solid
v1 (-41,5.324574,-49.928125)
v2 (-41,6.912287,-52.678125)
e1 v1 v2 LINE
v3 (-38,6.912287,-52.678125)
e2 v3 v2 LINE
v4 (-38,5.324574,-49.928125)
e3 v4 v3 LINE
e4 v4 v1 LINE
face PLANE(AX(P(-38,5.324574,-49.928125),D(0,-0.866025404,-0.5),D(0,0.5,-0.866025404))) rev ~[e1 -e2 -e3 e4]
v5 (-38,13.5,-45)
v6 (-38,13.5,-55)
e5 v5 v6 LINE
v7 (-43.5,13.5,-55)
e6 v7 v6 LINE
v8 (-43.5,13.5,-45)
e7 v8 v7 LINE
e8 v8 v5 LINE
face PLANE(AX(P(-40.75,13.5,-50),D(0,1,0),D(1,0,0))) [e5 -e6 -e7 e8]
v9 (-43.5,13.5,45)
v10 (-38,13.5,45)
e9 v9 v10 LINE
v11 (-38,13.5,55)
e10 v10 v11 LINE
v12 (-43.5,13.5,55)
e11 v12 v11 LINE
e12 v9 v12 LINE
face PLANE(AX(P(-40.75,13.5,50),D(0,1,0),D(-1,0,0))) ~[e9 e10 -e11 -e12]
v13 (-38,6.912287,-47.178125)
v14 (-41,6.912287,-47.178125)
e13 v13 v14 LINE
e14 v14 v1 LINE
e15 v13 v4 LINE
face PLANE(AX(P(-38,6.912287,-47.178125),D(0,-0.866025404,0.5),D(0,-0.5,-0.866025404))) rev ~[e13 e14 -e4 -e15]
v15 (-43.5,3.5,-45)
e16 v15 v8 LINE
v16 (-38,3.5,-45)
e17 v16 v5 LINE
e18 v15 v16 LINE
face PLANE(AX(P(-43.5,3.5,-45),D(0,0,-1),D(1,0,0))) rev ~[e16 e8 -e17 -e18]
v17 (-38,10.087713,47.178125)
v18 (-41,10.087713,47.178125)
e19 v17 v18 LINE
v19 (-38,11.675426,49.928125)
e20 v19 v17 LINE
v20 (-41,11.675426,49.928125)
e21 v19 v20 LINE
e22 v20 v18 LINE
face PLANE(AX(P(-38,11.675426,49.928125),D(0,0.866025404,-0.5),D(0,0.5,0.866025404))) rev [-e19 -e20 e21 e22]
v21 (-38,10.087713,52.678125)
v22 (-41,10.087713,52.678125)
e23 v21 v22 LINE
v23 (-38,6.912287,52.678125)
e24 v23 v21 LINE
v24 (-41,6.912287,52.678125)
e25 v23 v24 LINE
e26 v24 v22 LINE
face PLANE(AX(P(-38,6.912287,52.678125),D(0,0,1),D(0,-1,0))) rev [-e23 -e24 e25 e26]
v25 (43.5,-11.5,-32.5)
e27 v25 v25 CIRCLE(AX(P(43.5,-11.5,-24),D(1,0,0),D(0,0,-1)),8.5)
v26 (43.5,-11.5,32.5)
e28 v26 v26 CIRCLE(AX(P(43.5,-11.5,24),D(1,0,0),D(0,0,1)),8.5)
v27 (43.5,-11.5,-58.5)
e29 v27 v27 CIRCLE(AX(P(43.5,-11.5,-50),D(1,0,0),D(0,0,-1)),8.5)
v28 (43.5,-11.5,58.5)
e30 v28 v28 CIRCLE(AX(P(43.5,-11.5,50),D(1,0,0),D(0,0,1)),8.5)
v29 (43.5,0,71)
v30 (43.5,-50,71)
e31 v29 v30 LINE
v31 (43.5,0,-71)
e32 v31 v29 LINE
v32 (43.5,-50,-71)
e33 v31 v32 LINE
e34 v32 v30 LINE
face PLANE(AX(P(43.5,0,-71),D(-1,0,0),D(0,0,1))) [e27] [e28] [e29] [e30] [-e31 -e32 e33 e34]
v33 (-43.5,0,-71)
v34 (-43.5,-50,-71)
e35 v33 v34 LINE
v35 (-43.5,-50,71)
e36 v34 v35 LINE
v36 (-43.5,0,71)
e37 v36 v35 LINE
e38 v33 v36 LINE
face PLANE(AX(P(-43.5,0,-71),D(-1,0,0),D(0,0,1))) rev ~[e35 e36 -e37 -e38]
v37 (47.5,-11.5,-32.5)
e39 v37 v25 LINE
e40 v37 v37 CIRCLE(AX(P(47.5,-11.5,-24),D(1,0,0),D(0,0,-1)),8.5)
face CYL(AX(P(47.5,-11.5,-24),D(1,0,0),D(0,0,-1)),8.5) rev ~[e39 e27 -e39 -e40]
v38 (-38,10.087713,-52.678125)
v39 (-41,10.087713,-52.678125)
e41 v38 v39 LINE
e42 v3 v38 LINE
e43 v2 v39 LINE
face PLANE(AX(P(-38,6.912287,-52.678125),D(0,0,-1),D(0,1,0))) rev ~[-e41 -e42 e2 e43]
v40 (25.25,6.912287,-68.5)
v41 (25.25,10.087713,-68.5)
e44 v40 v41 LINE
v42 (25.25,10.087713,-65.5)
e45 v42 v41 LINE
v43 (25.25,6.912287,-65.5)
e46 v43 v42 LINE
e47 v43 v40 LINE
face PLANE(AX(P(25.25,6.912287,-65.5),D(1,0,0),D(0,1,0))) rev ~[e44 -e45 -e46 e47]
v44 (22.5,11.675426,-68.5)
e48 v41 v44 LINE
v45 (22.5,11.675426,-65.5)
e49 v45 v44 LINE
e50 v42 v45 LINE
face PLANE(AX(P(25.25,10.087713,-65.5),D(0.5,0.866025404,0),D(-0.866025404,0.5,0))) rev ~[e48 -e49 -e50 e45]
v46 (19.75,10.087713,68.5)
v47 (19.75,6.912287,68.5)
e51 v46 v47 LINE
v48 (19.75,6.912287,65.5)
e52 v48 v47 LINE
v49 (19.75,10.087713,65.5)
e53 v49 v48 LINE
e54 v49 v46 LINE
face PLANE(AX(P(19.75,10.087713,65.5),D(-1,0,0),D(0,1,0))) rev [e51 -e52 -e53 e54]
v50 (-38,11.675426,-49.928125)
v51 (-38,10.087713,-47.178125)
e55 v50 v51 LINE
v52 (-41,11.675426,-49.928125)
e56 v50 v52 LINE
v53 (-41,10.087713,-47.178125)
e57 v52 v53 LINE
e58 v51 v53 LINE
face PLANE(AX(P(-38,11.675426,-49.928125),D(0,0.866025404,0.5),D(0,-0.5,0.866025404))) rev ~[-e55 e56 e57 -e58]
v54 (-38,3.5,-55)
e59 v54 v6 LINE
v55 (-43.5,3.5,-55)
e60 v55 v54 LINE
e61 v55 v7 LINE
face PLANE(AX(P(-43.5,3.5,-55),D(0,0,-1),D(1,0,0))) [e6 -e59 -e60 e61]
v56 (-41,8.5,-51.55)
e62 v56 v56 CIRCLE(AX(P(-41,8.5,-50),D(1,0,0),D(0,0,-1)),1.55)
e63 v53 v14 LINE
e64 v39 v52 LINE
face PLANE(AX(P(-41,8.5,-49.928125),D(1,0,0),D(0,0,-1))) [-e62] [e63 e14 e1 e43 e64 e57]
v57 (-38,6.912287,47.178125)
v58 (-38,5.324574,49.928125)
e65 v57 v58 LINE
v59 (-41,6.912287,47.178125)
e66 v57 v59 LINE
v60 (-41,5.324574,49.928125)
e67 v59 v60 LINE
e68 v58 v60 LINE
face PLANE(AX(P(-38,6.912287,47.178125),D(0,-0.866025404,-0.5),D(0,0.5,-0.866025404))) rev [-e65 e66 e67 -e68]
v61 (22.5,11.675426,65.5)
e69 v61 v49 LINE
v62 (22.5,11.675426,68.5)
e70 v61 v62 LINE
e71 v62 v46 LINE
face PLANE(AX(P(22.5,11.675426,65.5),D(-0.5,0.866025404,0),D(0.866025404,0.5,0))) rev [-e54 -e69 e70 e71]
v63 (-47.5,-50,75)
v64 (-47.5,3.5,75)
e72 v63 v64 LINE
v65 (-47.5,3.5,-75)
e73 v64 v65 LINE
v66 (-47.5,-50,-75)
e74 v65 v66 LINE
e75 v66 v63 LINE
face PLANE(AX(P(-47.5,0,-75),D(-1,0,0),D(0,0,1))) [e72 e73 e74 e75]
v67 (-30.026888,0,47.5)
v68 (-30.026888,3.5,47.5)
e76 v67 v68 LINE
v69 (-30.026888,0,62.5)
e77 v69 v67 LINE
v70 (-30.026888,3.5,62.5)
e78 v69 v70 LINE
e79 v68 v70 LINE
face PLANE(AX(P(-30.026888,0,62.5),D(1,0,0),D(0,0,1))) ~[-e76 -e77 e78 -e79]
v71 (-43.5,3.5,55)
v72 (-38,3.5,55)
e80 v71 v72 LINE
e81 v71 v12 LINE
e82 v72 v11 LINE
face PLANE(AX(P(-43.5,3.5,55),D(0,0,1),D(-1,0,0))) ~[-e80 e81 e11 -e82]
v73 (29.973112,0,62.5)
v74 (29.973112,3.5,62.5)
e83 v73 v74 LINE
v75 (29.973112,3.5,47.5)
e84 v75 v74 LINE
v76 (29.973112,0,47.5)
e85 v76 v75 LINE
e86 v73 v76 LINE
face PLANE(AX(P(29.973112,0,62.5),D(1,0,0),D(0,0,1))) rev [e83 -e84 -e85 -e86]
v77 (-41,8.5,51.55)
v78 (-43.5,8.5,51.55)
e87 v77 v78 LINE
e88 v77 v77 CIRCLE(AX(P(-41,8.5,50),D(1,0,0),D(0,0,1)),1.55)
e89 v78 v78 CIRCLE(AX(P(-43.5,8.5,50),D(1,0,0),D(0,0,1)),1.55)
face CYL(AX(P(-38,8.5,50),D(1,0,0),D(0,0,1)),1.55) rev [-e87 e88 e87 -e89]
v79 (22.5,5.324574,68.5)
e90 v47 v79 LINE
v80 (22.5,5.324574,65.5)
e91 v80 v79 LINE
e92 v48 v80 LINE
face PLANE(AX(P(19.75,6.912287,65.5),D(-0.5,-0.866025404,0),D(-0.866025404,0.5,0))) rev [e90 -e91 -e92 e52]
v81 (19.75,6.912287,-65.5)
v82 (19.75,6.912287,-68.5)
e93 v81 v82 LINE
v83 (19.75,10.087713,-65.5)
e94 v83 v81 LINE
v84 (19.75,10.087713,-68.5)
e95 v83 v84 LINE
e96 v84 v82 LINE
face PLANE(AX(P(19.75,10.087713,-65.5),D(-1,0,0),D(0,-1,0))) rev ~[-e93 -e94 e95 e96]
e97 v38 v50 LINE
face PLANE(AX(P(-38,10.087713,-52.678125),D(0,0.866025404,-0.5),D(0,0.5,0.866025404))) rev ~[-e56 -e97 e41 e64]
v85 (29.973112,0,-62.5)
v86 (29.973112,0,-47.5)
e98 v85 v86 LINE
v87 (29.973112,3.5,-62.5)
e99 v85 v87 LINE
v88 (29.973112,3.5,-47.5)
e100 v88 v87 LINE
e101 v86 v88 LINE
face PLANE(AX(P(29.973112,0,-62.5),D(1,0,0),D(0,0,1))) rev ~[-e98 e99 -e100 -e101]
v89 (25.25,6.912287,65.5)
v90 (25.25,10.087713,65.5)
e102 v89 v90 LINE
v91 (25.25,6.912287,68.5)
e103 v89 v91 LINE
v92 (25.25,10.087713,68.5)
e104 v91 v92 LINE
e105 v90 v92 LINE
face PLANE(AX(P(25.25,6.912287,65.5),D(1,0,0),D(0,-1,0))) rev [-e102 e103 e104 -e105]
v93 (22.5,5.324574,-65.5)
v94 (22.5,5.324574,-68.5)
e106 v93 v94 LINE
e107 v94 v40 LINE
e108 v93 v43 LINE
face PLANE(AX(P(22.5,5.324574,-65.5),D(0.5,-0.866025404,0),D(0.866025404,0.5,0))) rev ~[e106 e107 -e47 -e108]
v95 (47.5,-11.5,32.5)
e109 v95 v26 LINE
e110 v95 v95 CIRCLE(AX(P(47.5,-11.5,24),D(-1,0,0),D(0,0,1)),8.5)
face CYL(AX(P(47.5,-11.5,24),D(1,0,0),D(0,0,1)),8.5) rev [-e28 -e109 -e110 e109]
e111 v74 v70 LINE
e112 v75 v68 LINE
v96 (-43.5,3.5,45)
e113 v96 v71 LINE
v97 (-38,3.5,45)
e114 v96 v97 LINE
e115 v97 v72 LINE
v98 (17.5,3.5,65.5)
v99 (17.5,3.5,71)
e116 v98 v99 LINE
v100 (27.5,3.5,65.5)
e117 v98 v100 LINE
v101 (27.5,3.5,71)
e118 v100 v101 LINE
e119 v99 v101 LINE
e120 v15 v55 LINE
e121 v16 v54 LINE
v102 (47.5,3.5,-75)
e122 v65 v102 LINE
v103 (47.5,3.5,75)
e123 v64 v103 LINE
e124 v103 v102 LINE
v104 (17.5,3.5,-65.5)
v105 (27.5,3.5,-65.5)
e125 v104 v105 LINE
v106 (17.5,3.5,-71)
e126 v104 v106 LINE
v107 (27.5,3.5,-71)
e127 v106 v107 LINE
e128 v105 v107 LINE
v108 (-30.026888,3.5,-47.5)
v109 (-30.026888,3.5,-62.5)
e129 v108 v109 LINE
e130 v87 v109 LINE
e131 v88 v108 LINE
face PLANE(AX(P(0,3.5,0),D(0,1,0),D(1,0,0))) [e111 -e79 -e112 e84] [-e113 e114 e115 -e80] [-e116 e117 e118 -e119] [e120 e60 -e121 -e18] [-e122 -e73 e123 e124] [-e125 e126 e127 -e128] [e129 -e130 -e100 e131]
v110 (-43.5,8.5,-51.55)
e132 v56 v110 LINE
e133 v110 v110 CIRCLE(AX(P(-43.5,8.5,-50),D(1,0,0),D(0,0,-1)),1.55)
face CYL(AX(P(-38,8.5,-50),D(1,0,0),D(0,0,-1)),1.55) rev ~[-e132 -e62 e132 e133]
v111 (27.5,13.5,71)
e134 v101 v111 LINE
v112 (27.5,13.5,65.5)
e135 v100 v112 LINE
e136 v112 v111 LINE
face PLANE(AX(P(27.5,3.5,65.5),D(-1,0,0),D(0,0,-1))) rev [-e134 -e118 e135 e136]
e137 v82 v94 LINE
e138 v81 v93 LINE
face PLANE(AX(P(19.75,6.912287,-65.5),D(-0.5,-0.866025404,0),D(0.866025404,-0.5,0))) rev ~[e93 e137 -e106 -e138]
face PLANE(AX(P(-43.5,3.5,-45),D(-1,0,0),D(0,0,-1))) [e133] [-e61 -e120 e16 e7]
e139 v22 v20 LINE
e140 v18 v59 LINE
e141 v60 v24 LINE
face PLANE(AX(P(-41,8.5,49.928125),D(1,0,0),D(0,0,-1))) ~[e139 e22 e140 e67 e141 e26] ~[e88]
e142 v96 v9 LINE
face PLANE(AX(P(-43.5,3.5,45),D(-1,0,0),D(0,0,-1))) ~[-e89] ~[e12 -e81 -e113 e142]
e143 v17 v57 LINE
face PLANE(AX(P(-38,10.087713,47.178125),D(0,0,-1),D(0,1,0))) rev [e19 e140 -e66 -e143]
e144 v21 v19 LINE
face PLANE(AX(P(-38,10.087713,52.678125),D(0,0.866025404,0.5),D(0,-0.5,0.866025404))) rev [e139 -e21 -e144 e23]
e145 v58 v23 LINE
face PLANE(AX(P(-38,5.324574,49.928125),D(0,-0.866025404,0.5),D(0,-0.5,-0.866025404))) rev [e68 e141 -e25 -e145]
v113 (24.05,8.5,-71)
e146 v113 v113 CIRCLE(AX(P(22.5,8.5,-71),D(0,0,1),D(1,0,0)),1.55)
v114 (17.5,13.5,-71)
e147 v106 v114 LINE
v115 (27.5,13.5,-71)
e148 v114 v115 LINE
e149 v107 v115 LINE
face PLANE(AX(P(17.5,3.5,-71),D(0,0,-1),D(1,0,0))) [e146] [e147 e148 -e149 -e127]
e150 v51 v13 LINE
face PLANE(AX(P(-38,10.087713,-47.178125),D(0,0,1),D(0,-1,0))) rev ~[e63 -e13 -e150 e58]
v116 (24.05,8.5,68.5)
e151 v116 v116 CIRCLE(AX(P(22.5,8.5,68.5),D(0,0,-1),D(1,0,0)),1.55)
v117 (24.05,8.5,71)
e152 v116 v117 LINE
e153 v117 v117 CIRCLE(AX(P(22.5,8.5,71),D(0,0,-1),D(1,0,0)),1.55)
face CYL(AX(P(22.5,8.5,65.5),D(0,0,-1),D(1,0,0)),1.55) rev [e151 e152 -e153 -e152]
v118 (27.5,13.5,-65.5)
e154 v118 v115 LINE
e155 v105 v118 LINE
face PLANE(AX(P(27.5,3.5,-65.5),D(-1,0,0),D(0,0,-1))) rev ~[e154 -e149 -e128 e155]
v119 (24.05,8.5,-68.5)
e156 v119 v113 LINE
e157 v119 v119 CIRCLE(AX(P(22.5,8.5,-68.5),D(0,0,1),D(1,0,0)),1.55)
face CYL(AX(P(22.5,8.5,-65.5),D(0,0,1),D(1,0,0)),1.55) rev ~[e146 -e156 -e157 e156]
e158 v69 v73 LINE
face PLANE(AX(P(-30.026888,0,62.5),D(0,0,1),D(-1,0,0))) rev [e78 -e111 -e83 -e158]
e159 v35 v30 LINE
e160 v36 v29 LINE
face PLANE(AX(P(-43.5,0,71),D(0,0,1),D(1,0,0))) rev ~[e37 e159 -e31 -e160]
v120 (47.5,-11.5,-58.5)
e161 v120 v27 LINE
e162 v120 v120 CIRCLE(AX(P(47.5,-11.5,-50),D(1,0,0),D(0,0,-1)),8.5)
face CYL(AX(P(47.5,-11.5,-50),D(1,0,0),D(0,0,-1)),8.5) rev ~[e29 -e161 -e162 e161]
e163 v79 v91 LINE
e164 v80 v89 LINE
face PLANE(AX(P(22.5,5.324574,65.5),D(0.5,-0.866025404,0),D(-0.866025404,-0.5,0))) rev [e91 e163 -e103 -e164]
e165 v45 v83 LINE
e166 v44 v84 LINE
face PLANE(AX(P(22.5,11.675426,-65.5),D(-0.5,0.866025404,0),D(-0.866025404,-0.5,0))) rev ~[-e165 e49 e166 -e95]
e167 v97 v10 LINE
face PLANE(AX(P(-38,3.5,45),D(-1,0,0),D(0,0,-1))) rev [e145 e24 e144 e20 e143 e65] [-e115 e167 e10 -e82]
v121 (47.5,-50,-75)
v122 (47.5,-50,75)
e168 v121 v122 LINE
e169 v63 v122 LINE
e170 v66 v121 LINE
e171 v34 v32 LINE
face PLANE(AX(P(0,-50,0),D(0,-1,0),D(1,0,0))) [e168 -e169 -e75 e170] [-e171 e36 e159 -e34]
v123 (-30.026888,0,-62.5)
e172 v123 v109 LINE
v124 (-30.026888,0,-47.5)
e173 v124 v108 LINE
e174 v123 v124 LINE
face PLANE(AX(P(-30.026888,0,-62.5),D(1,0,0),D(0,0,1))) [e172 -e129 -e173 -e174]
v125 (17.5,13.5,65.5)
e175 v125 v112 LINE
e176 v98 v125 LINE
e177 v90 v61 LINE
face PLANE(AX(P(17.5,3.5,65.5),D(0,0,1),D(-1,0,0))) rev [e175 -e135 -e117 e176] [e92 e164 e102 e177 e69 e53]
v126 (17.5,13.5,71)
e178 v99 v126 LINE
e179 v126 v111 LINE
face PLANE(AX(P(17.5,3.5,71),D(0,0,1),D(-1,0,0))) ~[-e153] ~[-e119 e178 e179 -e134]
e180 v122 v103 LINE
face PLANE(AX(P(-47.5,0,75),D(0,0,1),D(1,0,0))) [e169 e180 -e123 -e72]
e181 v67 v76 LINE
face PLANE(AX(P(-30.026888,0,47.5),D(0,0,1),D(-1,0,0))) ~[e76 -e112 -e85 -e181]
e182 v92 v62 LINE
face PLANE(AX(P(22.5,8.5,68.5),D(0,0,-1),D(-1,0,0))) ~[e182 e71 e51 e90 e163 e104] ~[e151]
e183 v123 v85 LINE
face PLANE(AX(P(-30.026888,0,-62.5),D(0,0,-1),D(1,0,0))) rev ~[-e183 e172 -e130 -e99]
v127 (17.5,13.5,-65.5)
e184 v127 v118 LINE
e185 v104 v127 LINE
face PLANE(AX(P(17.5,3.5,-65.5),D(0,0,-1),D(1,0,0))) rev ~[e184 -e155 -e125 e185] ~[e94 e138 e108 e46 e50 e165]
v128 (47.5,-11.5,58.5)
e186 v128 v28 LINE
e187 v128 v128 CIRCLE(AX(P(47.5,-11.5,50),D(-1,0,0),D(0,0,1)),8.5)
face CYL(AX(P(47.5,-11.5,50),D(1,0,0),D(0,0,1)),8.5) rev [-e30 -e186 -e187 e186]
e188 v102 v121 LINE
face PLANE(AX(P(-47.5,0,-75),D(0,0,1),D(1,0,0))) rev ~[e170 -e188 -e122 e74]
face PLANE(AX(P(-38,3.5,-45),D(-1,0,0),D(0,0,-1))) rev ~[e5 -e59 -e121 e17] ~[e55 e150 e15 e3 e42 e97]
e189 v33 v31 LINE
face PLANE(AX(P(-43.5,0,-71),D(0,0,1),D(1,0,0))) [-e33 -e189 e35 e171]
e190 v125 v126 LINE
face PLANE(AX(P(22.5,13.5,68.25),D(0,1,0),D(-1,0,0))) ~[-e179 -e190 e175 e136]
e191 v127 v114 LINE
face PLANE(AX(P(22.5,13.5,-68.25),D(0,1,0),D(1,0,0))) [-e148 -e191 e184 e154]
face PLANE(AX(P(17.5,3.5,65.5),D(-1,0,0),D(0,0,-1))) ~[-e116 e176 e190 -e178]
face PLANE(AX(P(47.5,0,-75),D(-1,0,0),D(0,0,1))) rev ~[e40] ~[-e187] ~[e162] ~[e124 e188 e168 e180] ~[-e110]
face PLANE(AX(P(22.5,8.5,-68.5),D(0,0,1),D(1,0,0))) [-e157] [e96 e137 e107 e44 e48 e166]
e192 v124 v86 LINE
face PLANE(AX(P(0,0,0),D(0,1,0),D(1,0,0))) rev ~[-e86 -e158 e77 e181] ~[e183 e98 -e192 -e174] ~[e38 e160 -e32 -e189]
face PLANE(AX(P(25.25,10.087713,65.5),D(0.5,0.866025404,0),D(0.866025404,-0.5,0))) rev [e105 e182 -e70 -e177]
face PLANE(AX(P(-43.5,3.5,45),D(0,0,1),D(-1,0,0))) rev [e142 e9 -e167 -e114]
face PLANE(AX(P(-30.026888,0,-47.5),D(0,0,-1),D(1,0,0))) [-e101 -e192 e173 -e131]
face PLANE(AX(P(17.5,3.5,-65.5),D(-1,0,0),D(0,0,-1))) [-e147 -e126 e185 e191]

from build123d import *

# Parameters (mm, degrees)
SKETCH1_W           = 95
SKETCH1_H           = 150
BOSS_EXTRUDE1_DEPTH = 3.5
SKETCH2_W           = 5.5
SKETCH2_H           = 10
SKETCH2_W_2         = 10
SKETCH2_H_2         = 5.5
BOSS_EXTRUDE2_DEPTH = 10
CUT_EXTRUDE1_DEPTH  = 3
CUT_EXTRUDE2_DEPTH  = 3
SKETCH6_R           = 1.55
CUT_EXTRUDE3_DEPTH  = 10.5
SKETCH7_R           = 1.55
CUT_EXTRUDE4_DEPTH  = 10.5
SKETCH8_W           = 95
SKETCH8_H           = 150
SKETCH8_W_2         = 87
SKETCH8_H_2         = 142
BOSS_EXTRUDE3_DEPTH = 50
SKETCH9_W           = 60
SKETCH9_H           = 15
CUT_EXTRUDE5_DEPTH  = 50
SKETCH10_R          = 8.5
CUT_EXTRUDE6_DEPTH  = 50


with BuildPart() as part:
    # Sketch1 → Boss-Extrude1 (new body)
    with BuildSketch(Plane(origin=(0, 0, 0), x_dir=(1, 0, 0), z_dir=(0, 1, 0))):
        Rectangle(SKETCH1_W, SKETCH1_H)
    extrude(amount=BOSS_EXTRUDE1_DEPTH)

    # Sketch2 → Boss-Extrude2 (add)
    with BuildSketch(Plane(origin=(0, 3.5, 0), x_dir=(1, 0, 0), z_dir=(0, 1, 0))):
        with Locations((-40.75, 50)):
            Rectangle(SKETCH2_W, SKETCH2_H)
        with Locations((22.5, 68.25)):
            Rectangle(SKETCH2_W_2, SKETCH2_H_2)
    boss_extrude2 = extrude(amount=BOSS_EXTRUDE2_DEPTH)

    # Sketch3 → Cut-Extrude1 (cut)
    with BuildSketch(Plane.XY.offset(-65.5)):
        Polygon((22.5, 5.324573519), (25.25, 6.91228676), (25.25, 10.08771324), (22.5, 11.675426481), (19.75, 10.08771324), (19.75, 6.91228676), align=None)
    cut_extrude1 = extrude(amount=-CUT_EXTRUDE1_DEPTH, mode=Mode.SUBTRACT)

    # Sketch4 → Cut-Extrude2 (cut)
    with BuildSketch(Plane(origin=(-38, 0, 0), x_dir=(0, 0, -1), z_dir=(1, 0, 0))):
        Polygon((49.928125047, 5.324573519), (52.678125047, 6.91228676), (52.678125047, 10.08771324), (49.928125047, 11.675426481), (47.178125047, 10.08771324), (47.178125047, 6.91228676), align=None)
    cut_extrude2 = extrude(amount=-CUT_EXTRUDE2_DEPTH, mode=Mode.SUBTRACT)

    # Sketch6 → Cut-Extrude3 (cut, through all)
    with BuildSketch(Plane(origin=(-38, 0, 0), x_dir=(0, 0, -1), z_dir=(1, 0, 0))):
        with Locations((50, 8.5)):
            Circle(SKETCH6_R)
    cut_extrude3 = extrude(amount=-CUT_EXTRUDE3_DEPTH, mode=Mode.SUBTRACT)

    # Sketch7 → Cut-Extrude4 (cut, through all)
    with BuildSketch(Plane.XY.offset(-65.5)):
        with Locations((22.5, 8.5)):
            Circle(SKETCH7_R)
    cut_extrude4 = extrude(amount=-CUT_EXTRUDE4_DEPTH, mode=Mode.SUBTRACT)

    # Sketch8 → Boss-Extrude3 (add)
    with BuildSketch(Plane.XZ):
        Rectangle(SKETCH8_W, SKETCH8_H)
        Rectangle(SKETCH8_W_2, SKETCH8_H_2, mode=Mode.SUBTRACT)
    extrude(amount=BOSS_EXTRUDE3_DEPTH)

    # Sketch9 → Cut-Extrude5 (cut)
    with BuildSketch(Plane.XZ):
        with Locations((-0.026887888, -55)):
            Rectangle(SKETCH9_W, SKETCH9_H)
    cut_extrude5 = extrude(amount=-CUT_EXTRUDE5_DEPTH, mode=Mode.SUBTRACT)

    # Sketch10 → Cut-Extrude6 (cut)
    with BuildSketch(Plane(origin=(47.5, 0, 0), x_dir=(0, 0, -1), z_dir=(1, 0, 0))):
        with Locations((50, -11.5)):
            Circle(SKETCH10_R)
        with Locations((24, -11.5)):
            Circle(SKETCH10_R)
    cut_extrude6 = extrude(amount=-CUT_EXTRUDE6_DEPTH, mode=Mode.SUBTRACT)

    # Mirror1: Boss-Extrude2, Cut-Extrude1, Cut-Extrude2, Cut-Extrude3, Cut-Extrude4, Cut-Extrude5, Cut-Extrude6 across plane
    add(boss_extrude2.mirror(Plane.XY))
    add(cut_extrude1.mirror(Plane.XY), mode=Mode.SUBTRACT)
    add(cut_extrude2.mirror(Plane.XY), mode=Mode.SUBTRACT)
    add(cut_extrude3.mirror(Plane.XY), mode=Mode.SUBTRACT)
    add(cut_extrude4.mirror(Plane.XY), mode=Mode.SUBTRACT)
    add(cut_extrude5.mirror(Plane.XY), mode=Mode.SUBTRACT)
    add(cut_extrude6.mirror(Plane.XY), mode=Mode.SUBTRACT)


solid = part.part
